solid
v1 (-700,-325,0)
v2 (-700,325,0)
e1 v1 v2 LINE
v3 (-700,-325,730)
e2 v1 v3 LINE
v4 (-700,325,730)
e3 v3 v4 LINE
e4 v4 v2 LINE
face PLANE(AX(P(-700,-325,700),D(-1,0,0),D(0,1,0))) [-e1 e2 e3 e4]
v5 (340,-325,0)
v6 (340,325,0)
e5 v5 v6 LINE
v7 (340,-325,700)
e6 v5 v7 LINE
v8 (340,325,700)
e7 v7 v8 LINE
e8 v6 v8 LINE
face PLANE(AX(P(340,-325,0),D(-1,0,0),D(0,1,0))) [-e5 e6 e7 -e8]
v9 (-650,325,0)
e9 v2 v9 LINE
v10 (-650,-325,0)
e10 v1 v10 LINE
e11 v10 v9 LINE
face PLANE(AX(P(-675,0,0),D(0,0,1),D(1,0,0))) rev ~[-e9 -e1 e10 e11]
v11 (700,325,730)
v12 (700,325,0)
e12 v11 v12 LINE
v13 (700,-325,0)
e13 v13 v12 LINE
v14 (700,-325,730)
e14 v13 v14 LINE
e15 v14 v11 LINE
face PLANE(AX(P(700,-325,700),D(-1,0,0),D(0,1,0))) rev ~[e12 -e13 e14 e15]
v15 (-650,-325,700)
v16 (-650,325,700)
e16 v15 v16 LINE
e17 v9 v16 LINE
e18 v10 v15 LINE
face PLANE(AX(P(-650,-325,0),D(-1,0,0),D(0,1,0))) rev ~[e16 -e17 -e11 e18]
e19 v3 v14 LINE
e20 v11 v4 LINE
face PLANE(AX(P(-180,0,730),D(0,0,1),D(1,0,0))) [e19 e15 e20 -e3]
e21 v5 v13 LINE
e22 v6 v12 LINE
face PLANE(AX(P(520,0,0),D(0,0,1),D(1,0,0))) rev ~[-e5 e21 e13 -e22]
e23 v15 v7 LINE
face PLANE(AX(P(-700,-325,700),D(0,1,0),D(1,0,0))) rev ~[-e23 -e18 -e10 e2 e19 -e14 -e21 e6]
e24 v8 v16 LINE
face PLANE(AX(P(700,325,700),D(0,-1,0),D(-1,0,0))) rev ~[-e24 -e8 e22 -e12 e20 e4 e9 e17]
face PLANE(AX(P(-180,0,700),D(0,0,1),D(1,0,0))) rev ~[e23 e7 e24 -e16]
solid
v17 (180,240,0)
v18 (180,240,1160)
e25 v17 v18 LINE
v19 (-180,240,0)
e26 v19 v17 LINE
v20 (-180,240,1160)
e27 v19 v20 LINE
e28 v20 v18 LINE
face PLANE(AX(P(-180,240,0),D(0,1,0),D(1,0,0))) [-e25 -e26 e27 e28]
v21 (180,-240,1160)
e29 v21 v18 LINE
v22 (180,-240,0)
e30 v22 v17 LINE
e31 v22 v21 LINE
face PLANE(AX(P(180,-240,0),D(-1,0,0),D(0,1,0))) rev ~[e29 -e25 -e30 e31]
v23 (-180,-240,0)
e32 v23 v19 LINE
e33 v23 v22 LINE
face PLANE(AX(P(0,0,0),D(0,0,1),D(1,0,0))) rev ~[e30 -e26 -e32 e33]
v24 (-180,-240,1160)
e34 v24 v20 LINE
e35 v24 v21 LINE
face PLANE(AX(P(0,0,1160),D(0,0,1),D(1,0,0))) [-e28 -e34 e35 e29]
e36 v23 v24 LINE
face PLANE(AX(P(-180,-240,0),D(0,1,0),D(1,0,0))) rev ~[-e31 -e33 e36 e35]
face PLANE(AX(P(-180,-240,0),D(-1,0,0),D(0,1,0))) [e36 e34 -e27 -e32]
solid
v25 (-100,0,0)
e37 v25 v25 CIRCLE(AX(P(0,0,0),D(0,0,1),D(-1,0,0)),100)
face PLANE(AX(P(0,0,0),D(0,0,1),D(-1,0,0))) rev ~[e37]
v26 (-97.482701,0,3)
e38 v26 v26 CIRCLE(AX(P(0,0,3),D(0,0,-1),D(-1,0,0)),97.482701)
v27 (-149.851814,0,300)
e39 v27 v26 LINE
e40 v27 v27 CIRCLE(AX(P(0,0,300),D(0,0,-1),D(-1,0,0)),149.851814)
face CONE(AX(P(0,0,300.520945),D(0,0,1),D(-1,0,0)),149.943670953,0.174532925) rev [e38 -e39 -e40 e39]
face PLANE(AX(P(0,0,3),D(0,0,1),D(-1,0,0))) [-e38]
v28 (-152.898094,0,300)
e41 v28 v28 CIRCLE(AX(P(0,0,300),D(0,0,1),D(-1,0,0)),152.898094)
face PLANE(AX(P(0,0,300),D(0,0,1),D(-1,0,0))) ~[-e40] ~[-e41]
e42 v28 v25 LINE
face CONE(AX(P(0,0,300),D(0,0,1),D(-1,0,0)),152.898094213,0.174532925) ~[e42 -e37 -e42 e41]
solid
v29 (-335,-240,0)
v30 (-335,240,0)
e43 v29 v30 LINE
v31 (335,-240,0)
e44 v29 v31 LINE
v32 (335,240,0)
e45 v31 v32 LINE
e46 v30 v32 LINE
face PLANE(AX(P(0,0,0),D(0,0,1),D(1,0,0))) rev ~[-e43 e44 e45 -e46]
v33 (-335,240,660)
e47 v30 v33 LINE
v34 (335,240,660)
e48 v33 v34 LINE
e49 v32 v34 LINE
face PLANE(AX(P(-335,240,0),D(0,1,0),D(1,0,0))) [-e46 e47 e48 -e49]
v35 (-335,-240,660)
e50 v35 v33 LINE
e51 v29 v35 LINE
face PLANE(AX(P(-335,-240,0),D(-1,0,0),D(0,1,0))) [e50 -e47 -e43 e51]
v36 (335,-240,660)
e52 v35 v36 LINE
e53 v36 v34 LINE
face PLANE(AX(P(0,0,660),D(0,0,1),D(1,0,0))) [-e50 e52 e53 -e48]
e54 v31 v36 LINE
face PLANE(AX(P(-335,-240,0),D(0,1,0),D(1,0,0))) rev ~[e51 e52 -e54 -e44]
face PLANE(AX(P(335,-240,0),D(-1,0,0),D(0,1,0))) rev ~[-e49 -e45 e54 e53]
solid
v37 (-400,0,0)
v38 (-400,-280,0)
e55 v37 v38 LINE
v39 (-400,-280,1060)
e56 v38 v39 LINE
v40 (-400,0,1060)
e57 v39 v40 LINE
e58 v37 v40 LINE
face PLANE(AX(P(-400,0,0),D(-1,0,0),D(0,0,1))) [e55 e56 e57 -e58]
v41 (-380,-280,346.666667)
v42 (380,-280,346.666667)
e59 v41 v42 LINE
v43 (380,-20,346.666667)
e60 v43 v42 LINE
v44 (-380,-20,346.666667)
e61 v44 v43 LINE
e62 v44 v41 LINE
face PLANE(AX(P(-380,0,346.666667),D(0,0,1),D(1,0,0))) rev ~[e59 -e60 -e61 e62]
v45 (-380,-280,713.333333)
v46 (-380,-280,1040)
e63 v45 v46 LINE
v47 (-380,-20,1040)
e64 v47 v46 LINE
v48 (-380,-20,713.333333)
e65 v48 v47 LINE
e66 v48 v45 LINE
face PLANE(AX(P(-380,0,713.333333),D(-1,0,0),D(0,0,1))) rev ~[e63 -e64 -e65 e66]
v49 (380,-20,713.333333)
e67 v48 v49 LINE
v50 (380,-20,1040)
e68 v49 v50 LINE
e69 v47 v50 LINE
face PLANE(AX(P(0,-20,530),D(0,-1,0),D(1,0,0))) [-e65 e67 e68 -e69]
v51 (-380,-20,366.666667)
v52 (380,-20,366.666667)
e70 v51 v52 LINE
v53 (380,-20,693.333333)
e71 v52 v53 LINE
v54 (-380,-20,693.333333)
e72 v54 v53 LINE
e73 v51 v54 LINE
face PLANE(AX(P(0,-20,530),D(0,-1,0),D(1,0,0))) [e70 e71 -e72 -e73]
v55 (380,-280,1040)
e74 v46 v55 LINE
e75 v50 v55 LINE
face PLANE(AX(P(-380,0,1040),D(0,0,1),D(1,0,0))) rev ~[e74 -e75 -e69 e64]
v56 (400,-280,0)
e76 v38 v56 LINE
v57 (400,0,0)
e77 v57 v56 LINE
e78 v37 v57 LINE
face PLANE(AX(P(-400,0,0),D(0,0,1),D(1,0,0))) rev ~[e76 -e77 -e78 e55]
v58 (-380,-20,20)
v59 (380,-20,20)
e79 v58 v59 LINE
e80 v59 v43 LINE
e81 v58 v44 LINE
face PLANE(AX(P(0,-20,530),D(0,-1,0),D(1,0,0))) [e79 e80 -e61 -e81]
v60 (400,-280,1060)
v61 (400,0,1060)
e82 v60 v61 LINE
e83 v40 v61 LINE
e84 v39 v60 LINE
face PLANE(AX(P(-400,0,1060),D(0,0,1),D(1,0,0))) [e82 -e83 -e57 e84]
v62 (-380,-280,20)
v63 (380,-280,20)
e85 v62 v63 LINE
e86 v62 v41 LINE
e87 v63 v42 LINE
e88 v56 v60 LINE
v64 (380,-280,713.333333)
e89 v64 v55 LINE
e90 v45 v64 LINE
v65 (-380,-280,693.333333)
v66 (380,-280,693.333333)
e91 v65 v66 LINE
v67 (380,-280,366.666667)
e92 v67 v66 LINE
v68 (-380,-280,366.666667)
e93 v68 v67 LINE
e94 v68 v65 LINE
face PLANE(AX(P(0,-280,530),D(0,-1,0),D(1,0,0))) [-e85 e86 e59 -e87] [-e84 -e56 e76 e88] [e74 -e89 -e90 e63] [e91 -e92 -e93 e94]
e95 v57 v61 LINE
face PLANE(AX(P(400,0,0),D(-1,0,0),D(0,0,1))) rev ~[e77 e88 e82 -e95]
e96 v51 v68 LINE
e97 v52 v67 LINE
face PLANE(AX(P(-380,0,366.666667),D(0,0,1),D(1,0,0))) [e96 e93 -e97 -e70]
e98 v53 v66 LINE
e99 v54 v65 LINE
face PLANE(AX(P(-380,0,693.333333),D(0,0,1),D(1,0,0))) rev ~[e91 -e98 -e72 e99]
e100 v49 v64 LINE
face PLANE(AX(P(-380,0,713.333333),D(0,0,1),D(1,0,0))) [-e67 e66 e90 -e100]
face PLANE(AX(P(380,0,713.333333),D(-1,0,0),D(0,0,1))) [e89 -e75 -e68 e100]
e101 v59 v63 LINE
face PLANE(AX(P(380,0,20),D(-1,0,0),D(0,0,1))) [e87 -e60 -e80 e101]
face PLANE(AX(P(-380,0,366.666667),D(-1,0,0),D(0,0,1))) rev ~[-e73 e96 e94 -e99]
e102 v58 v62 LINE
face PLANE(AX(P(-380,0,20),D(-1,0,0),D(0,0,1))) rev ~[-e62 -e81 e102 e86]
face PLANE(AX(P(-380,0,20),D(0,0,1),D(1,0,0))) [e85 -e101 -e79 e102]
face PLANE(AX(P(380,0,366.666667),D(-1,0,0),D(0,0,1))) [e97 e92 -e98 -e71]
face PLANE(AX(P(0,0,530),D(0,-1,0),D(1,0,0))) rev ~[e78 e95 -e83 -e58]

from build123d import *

# Parameters (mm, degrees)
F0_W      = 670
F0_H      = 480
F1_DEPTH  = 660
F2_W      = 360
F2_H      = 480
F3_DEPTH  = 1160
F4_W      = 360
F4_H      = 650
F5_DEPTH  = 700
F4_W_2    = 50
F6_W      = 1040
F6_H      = 650
F6_W_2    = 360
F7_DEPTH  = 30
F8_W      = 800
F8_H      = 1060
F8_W_2    = 760
F8_H_2    = 326.6666666667
F9_DEPTH  = 280
F10_DEPTH = 20
F13_T     = -3


with BuildPart() as f1:
    # F0 (on Top) → F1 (new body)
    with BuildSketch(Plane.XY):
        Rectangle(F0_W, F0_H)
    extrude(amount=F1_DEPTH)


with BuildPart() as f3:
    # F2 (on Top) → F3 (new body)
    with BuildSketch(Plane.XY):
        Rectangle(F2_W, F2_H)
    extrude(amount=F3_DEPTH)


with BuildPart() as f5:
    # F4 (on Top) → F5 (new body)
    with BuildSketch(Plane.XY):
        with Locations((520, 0)):
            Rectangle(F4_W, F4_H)
    extrude(amount=F5_DEPTH)



with BuildPart() as f5b:
    # F4 (on Top) → F5, piece 2 (new body)
    with BuildSketch(Plane.XY):
        with Locations((-675, 0)):
            Rectangle(F4_W_2, F4_H)
    extrude(amount=F5_DEPTH)


with BuildPart() as f5_1:
    add(f5.part)

    add(f5b.part)  # F7 merges F5b
    # F6 (on face) → F7 (join)
    with BuildSketch(Plane.XY.offset(700)):
        with Locations((-180, 0)):
            Rectangle(F6_W, F6_H)
        with Locations((520, 0)):
            Rectangle(F6_W_2, F6_H)
    extrude(amount=F7_DEPTH)


with BuildPart() as f9:
    # F8 (on Front) → F9 (new body)
    with BuildSketch(Plane.XZ):
        with Locations((0, 530)):
            Rectangle(F8_W, F8_H)
        with Locations((0, 183.3333333333)):
            Rectangle(F8_W_2, F8_H_2, mode=Mode.SUBTRACT)
        with Locations((0, 530)):
            Rectangle(F8_W_2, F8_H_2, mode=Mode.SUBTRACT)
        with Locations((0, 876.6666666667)):
            Rectangle(F8_W_2, F8_H_2, mode=Mode.SUBTRACT)
    extrude(amount=F9_DEPTH)

    # F8 (on Front) → F10 (join)
    with BuildSketch(Plane.XZ):
        with Locations((0, 530)):
            Rectangle(F8_W, F8_H)
        with Locations((0, 183.3333333333)):
            Rectangle(F8_W_2, F8_H_2, mode=Mode.SUBTRACT)
        with Locations((0, 530)):
            Rectangle(F8_W_2, F8_H_2, mode=Mode.SUBTRACT)
        with Locations((0, 876.6666666667)):
            Rectangle(F8_W_2, F8_H_2, mode=Mode.SUBTRACT)
        with Locations((0, 876.6666666667)):
            Rectangle(F8_W_2, F8_H_2)
        with Locations((0, 530)):
            Rectangle(F8_W_2, F8_H_2)
        with Locations((0, 183.3333333333)):
            Rectangle(F8_W_2, F8_H_2)
    extrude(amount=F10_DEPTH)


with BuildPart() as f12:
    # F11 (on Front) → F12 (revolve)
    with BuildSketch(Plane.XZ):
        Polygon((0, 0), (0, 300), (-152.8980942125, 300), (-100, 0), align=None)
    revolve(axis=Axis((0, 0, 195.8250552416), (0, 0, 1)))

    # F13
    f13_openings = [f12.faces().sort_by_distance(p)[0] for p in [
        (0, 0, 300),
    ]]
    offset(amount=F13_T, openings=f13_openings)


solid = Compound([f1.part, f3.part, f5_1.part, f9.part, f12.part])
